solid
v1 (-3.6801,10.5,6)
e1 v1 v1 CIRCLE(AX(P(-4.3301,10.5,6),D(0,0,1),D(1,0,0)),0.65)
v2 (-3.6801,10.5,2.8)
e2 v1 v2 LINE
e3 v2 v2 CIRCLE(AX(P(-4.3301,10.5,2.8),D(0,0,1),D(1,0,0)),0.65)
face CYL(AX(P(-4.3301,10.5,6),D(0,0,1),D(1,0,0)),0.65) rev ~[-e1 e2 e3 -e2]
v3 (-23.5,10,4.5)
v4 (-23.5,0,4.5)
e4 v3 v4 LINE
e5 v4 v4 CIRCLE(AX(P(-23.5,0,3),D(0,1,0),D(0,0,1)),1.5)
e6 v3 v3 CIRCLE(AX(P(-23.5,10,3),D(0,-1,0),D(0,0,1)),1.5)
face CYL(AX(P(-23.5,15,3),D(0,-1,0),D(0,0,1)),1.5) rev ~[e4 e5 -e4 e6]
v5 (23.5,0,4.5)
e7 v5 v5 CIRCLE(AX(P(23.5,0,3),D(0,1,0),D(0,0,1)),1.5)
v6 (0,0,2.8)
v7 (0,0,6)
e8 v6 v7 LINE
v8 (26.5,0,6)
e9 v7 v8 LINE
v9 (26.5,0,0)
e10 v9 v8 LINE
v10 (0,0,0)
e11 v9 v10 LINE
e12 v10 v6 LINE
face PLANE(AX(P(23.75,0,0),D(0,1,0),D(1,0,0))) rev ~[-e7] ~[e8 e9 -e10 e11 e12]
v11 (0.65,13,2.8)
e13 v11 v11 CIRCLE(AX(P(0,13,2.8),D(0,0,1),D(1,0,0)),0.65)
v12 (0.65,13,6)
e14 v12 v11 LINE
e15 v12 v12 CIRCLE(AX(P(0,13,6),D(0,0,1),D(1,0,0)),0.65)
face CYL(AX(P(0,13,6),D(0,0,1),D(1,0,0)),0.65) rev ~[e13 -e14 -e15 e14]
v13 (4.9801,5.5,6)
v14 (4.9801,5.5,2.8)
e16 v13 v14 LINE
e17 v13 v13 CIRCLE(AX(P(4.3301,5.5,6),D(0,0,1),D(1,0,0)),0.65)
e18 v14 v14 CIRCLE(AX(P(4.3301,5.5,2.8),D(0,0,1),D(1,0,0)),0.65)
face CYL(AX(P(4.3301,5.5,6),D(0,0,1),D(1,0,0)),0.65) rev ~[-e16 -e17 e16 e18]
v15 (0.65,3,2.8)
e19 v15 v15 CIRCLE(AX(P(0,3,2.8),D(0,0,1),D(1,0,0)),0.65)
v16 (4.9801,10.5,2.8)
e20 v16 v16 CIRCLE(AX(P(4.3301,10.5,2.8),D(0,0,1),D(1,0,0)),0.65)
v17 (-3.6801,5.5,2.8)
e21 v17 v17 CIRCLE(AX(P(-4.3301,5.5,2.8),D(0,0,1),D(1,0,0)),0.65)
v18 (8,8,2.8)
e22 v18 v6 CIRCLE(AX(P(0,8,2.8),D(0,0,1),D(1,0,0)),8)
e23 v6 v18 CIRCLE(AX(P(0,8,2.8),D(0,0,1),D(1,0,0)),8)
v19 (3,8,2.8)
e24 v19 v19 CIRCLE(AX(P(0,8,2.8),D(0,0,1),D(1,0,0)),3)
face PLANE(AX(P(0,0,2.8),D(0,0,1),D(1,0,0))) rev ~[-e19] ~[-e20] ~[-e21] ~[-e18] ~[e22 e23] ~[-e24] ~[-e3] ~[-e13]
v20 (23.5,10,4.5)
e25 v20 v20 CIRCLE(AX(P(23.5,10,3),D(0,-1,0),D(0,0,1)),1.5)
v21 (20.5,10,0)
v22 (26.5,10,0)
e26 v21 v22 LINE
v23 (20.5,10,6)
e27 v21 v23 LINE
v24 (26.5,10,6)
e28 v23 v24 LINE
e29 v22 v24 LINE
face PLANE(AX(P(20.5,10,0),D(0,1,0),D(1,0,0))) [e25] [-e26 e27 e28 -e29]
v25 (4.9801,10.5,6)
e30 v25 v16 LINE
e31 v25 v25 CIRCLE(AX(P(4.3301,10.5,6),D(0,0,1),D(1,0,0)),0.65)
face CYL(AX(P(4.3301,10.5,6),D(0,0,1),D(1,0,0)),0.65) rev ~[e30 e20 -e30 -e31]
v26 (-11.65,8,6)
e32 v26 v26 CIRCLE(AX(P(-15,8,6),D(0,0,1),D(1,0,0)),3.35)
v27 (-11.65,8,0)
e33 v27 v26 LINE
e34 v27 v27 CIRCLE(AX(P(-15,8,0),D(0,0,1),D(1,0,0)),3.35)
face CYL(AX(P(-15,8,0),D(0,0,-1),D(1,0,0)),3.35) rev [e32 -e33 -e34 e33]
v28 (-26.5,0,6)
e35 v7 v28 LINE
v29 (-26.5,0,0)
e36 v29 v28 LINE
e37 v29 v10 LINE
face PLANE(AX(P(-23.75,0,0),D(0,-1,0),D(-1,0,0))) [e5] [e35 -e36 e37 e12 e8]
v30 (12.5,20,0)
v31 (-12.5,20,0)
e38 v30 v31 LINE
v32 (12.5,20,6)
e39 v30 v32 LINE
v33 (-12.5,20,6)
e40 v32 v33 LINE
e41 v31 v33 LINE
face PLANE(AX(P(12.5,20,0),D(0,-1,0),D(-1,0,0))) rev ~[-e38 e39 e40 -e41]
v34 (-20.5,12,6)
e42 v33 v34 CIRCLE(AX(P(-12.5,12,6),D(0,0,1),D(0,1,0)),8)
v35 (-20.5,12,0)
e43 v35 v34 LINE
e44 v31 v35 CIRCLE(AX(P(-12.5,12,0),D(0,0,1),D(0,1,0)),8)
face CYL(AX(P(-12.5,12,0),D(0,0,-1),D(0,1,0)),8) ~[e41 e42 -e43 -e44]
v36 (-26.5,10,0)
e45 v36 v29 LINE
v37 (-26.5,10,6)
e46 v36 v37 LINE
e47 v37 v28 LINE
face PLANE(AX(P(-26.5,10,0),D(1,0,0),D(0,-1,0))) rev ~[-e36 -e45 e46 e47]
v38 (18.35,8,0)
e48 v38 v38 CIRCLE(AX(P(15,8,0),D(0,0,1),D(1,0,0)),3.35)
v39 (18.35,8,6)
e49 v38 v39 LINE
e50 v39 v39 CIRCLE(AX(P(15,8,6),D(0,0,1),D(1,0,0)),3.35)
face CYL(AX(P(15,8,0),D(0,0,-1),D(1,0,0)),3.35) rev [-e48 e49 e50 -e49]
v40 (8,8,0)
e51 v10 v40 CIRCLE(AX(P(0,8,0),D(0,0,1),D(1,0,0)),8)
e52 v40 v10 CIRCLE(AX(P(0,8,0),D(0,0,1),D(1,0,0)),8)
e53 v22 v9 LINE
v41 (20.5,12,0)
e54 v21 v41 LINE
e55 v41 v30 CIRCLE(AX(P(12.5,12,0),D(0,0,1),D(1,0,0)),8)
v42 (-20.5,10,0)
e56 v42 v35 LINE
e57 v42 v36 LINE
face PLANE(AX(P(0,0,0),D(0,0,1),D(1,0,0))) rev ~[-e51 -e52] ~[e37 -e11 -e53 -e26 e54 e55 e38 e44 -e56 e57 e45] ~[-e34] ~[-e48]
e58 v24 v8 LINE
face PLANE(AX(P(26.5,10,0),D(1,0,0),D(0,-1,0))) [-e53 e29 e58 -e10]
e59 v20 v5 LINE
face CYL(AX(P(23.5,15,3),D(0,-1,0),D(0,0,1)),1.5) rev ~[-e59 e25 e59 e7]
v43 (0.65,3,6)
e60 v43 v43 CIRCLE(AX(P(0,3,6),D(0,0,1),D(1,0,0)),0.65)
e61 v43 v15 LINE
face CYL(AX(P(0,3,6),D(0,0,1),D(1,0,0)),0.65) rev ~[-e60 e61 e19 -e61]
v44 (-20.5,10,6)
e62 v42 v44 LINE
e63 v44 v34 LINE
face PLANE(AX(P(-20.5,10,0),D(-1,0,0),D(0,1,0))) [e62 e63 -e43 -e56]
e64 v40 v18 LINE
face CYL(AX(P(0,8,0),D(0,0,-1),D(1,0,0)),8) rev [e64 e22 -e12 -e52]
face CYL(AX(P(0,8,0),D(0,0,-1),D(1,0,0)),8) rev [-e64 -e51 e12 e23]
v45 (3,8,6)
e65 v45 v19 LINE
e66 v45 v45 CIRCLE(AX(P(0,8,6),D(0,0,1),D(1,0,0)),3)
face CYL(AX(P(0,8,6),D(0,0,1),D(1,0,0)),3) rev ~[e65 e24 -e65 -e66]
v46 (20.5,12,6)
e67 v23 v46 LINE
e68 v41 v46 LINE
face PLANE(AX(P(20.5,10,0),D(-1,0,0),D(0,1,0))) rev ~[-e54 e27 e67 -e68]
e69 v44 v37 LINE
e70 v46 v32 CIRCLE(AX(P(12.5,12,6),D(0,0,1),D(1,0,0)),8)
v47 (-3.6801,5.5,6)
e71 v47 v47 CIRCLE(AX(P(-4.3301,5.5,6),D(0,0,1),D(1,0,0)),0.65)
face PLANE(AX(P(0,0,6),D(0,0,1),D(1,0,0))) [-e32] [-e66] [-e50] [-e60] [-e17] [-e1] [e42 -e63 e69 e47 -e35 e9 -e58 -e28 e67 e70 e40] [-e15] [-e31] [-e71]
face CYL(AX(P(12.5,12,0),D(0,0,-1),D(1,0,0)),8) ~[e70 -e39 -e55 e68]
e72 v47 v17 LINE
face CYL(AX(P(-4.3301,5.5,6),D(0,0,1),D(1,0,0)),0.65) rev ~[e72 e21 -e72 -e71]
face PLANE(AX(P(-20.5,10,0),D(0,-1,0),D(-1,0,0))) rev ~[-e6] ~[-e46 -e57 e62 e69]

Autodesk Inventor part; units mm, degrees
ref_plane "YZ Plane" through (0, 0, 0) normal (1, 0, 0) x (0, 1, 0)
ref_plane "XZ Plane" through (0, 0, 0) normal (0, 1, 0) x (-1, 0, 0)
sketch "Sketch1" plane through (0, 0, 0) normal (0, 0, 1) x (1, 0, 0)
  line L0 (-23.75, 0) -> (0, 0)
  circle A0 centre (0, 8) radius 8
  line L1 (0, 0) -> (23.75, 0)
  line L2 (12.5, 20) -> (-12.5, 20)
  circle A1 centre (15, 8) radius 3.35
  circle A2 centre (-15, 8) radius 3.35
  circle A3 centre (0, 8) radius 3
  line L3 (-23.75, 0) -> (-26.5, 0)
  line L4 (23.75, 0) -> (26.5, 0)
  line L5 (-26.5, 0) -> (-20.5, 0)
  line L6 (-20.5, 10) -> (-26.5, 10)
  line L7 (-26.5, 10) -> (-26.5, 0)
  line L8 (-20.5, 10) -> (-20.5, 12)
  line L9 (26.5, 0) -> (20.5, 0)
  line L10 (20.5, 10) -> (26.5, 10)
  line L11 (26.5, 10) -> (26.5, 0)
  line L12 (20.5, 10) -> (20.5, 12)
  arc A4 (-12.5, 20) -> (-20.5, 12) centre (-12.5, 12) ccw
  arc A5 (20.5, 12) -> (12.5, 20) centre (12.5, 12) ccw
  point P0 (20.5, 20)
  point P1 (-20.5, 20)
  dimension "d0" = 15
  dimension "d1" = 15
  dimension "d8" = 12
  dimension "d9" = 12
  dimension "d10" = 12
  dimension "d11" = 8
  dimension "d17" = 6.7
  dimension "d18" = 6.7
  dimension "d21" = 6
  dimension "d22" = 6
  dimension "d23" = 10
  dimension "d24" = 10
  dimension "d36" = 41
  dimension "d37" = 8
  dimension "d38" = 20
  dimension "d39" = 26.5
  dimension "d40" = 8
ref_plane "Work Plane2" through (-26.5, 15, 0) normal (0, 1, 0) x (1, 0, 0)
sketch "Sketch2" plane through (-26.5, 15, 0) normal (0, 1, 0) x (1, 0, 0)
  line L0 (0, 0) -> (6, 0) projected
  line L1 (0, 0) -> (0, -6) projected
  line L2 (6, -6) -> (0, -6) projected
  line L3 (6, 0) -> (6, -6) projected
  line L4 (47, 0) -> (53, 0) projected
  line L5 (47, 0) -> (47, -6) projected
  line L6 (53, -6) -> (47, -6) projected
  line L7 (53, 0) -> (53, -6) projected
  circle A0 centre (3, -3) radius 1.5
  circle A1 centre (50, -3) radius 1.5
  point P0 (26.5, 0)
  dimension "d27" = 3
  dimension "d28" = 3
extrude "Extrusion3" add sketch "Sketch1" along normal blind 6 contours L3 L7 L6 L8 A4 L2 A5 L12 L10 L11 L4 L1 L0
hole "Hole2" at (-23.5, 15, 3) at (23.5, 15, 3) direction (0, -1, 0) diameter 3 end through all
sketch "Sketch3" plane through (0, 0, 6) normal (0, 0, 1) x (1, 0, 0)
  circle A0 centre (0, 8) radius 8 projected
  circle A1 centre (0, 13) radius 0.65
  circle A2 centre (-4.3301, 10.5) radius 0.65
  circle A3 centre (-4.3301, 5.5) radius 0.65
  circle A4 centre (0, 3) radius 0.65
  circle A5 centre (4.3301, 5.5) radius 0.65
  circle A6 centre (4.3301, 10.5) radius 0.65
  circle A7 centre (0, 8) radius 3
  point P0 (0, 0)
  dimension "d53" = 1.3
  dimension "d56" = 360
  dimension "d60" = 6
extrude "Extrusion6" add sketch "Sketch3" against normal blind 3.2
properties part number "Base_Motor_acrilico_15"
